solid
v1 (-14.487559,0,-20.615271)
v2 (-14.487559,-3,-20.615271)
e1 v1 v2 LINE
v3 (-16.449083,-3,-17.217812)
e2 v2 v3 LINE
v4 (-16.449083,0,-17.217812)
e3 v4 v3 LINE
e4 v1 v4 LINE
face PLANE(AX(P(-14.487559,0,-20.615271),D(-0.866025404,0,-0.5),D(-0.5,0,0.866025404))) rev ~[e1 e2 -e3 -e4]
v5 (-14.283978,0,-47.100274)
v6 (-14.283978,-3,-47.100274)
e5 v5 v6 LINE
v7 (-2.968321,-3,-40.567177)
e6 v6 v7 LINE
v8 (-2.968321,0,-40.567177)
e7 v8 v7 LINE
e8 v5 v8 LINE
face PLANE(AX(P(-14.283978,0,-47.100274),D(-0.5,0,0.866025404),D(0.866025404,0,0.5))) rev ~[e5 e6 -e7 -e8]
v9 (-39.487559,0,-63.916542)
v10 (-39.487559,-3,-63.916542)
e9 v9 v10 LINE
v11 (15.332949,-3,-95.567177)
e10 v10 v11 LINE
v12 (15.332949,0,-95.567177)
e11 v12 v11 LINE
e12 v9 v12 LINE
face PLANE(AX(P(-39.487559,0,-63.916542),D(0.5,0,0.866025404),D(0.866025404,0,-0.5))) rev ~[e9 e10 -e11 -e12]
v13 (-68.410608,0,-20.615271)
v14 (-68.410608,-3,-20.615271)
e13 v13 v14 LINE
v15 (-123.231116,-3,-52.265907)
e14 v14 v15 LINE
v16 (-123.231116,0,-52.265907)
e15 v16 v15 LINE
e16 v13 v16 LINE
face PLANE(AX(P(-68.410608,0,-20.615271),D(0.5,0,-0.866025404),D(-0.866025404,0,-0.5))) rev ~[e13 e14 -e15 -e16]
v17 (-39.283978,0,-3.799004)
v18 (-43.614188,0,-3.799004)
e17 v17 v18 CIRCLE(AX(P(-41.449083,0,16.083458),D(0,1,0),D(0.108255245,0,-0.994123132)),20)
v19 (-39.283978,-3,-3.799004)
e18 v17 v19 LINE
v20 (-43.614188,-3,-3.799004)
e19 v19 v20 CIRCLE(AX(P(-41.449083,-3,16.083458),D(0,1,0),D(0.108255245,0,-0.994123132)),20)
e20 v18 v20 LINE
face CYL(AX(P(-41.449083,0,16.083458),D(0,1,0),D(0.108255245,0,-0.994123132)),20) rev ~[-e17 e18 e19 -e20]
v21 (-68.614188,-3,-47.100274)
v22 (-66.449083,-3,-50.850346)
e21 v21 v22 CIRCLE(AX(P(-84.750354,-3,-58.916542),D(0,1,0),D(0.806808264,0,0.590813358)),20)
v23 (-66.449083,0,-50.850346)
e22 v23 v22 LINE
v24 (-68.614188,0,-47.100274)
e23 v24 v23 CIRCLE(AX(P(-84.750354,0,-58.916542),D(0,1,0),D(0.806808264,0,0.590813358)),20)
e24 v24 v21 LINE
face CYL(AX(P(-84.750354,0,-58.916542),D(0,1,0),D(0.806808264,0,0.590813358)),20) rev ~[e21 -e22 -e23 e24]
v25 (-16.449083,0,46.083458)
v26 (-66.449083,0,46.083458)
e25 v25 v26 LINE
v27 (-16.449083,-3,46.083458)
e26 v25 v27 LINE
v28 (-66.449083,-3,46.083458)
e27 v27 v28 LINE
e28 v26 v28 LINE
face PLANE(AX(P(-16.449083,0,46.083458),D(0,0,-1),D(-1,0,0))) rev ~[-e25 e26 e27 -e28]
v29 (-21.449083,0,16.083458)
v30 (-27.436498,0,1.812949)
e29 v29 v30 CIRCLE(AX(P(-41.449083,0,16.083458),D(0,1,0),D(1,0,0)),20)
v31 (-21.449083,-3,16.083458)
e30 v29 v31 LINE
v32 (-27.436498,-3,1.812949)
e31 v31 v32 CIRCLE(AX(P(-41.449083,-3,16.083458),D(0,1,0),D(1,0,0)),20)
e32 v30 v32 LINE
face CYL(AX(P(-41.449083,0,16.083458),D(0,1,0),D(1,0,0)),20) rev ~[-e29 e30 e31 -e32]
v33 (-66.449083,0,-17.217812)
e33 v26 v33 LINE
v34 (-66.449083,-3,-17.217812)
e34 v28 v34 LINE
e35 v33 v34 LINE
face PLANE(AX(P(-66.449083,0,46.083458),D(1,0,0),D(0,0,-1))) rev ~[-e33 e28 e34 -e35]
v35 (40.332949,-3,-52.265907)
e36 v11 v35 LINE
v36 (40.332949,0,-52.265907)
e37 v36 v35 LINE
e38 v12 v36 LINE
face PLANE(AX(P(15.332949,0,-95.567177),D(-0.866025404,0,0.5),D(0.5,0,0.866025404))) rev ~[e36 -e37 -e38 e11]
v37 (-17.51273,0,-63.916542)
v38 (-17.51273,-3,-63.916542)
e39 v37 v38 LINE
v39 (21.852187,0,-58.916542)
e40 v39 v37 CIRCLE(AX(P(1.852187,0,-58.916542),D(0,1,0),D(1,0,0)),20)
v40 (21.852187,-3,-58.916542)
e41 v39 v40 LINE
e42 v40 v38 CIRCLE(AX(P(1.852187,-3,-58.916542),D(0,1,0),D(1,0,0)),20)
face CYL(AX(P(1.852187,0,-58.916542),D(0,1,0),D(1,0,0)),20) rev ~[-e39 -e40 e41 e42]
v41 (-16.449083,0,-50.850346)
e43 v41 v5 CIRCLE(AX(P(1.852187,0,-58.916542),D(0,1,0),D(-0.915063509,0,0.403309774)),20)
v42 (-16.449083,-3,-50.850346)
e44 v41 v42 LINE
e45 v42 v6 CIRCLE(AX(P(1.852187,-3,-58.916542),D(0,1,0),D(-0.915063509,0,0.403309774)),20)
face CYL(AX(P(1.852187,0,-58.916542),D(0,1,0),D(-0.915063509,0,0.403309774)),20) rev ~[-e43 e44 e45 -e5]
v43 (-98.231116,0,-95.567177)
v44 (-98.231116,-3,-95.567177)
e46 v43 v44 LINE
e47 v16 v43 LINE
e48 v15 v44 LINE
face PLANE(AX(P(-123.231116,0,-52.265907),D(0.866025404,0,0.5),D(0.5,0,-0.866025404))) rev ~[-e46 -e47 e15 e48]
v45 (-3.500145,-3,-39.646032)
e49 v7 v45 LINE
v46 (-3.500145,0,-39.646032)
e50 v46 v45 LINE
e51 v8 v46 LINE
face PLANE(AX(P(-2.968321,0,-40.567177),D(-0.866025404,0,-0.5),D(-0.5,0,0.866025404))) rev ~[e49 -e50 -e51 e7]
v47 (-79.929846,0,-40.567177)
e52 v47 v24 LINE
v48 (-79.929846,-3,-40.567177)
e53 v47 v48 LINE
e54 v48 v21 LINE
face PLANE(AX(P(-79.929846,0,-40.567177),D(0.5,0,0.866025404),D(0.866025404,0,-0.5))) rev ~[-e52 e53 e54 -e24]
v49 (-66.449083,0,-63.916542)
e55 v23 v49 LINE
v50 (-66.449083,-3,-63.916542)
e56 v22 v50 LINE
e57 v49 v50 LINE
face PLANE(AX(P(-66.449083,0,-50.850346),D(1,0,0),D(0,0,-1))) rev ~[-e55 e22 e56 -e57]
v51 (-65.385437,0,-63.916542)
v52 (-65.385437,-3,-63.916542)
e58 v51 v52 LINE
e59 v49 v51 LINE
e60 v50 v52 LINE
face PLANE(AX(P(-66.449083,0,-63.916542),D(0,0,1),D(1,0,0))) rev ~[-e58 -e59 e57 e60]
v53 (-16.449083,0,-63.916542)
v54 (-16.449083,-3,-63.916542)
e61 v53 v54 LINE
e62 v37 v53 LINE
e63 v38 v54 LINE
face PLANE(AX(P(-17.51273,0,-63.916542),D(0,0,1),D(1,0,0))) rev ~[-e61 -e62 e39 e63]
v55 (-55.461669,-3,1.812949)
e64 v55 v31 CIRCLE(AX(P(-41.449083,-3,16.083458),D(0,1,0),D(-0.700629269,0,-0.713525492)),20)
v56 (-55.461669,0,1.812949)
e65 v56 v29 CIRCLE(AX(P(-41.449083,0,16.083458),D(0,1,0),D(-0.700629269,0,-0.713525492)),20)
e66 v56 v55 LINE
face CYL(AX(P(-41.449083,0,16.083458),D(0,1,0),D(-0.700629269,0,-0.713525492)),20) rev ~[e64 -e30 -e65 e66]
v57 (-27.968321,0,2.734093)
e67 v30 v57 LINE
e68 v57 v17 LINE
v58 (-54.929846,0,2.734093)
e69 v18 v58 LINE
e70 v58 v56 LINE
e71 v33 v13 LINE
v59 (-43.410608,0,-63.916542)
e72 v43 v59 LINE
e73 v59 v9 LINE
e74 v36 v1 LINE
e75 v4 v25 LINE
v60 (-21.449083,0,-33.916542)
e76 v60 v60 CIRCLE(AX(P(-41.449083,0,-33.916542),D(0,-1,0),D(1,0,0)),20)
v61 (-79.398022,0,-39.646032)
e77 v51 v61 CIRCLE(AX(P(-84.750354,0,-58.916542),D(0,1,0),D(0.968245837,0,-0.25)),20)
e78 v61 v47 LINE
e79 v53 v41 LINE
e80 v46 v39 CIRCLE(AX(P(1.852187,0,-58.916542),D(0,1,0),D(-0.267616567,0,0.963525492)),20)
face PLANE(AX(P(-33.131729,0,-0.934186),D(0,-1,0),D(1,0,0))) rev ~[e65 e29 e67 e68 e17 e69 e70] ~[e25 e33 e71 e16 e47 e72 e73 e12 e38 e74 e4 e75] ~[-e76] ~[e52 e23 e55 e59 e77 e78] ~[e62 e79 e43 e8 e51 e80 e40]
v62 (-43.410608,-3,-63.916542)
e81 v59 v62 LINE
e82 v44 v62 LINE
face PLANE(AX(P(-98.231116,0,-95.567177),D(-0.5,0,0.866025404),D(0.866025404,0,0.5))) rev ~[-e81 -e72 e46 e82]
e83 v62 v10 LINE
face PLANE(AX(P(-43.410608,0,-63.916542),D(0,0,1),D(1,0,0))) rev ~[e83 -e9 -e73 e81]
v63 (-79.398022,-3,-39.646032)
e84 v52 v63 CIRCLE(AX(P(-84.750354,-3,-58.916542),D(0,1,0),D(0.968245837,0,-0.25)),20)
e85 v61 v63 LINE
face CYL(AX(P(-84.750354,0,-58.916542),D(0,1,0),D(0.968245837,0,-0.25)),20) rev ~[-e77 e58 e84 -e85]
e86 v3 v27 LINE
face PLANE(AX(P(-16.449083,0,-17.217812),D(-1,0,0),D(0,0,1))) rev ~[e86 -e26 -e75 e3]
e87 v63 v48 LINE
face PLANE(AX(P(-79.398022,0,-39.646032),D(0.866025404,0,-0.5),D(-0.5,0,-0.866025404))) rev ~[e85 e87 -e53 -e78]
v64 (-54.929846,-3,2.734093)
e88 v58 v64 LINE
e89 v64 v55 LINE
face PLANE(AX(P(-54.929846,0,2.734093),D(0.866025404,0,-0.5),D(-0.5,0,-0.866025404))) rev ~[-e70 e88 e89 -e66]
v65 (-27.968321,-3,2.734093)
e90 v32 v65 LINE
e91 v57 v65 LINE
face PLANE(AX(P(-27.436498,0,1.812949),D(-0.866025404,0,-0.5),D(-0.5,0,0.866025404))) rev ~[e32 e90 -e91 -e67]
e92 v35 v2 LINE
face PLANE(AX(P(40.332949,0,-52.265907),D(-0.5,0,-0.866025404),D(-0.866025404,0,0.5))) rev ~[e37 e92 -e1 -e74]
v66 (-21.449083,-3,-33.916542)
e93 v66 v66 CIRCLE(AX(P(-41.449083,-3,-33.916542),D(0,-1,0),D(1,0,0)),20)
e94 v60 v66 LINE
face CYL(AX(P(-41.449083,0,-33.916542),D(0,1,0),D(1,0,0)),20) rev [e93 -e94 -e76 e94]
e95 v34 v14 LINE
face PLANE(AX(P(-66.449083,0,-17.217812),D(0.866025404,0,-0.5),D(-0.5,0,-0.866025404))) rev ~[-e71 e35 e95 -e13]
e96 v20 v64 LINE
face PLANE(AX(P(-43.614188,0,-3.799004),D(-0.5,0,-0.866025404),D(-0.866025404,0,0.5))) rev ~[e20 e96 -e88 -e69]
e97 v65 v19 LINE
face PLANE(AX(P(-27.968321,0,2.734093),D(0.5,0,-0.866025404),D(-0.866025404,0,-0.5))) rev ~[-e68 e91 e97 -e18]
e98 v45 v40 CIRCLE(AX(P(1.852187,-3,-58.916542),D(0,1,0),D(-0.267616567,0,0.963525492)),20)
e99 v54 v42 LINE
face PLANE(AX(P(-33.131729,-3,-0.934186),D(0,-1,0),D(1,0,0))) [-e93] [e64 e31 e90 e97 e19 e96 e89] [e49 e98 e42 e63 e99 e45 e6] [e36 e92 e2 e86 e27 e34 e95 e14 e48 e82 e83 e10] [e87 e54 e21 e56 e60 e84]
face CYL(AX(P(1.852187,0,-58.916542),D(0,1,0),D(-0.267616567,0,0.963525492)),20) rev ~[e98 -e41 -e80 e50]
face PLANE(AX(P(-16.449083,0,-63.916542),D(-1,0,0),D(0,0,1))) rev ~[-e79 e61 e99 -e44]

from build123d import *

# Parameters (mm, degrees)
F0_R     = 20
F1_DEPTH = 3


with BuildPart() as f1:
    # F0 (on Front) → F1 (new body)
    with BuildSketch(Plane.XZ):
        with BuildLine():
            ThreePointArc((-39.2839784876, -3.7990042795), (-32.8873709815, -1.9913052768), (-27.4364980034, 1.8129485328))
            Line((-27.4364980034, 1.8129485328), (-27.9683212743, 2.7340934586))
            Line((-27.9683212743, 2.7340934586), (-39.2839784876, -3.7990042795))
        make_face()
        with BuildLine():
            Line((-2.9683212743, -40.5671767306), (-3.5001445452, -39.6460318047))
            ThreePointArc((-3.5001445452, -39.6460318047), (-9.5201614758, -42.4644993718), (-14.2839784876, -47.1002744687))
            Line((-14.2839784876, -47.1002744687), (-2.9683212743, -40.5671767306))
        make_face()
        with BuildLine():
            Line((-16.4490833879, -17.2178118252), (-27.4364980034, 1.8129485328))
            ThreePointArc((-27.4364980034, 1.8129485328), (-32.8873709815, -1.9913052768), (-39.2839784876, -3.7990042795))
            Line((-39.2839784876, -3.7990042795), (-41.4490833879, -5.0490281765))
            Line((-41.4490833879, -5.0490281765), (-16.4490833879, -19.4827849062))
            Line((-16.4490833879, -19.4827849062), (-16.4490833879, -17.2178118252))
        make_face()
        with BuildLine():
            Line((-16.4490833879, -50.8503461597), (-16.4490833879, -48.3502983657))
            Line((-16.4490833879, -48.3502983657), (-41.4490833879, -62.7840550955))
            Line((-41.4490833879, -62.7840550955), (-39.4875591608, -63.916541636))
            Line((-39.4875591608, -63.916541636), (-17.5127299297, -63.916541636))
            ThreePointArc((-17.5127299297, -63.916541636), (-18.0818738821, -57.2938202594), (-16.4490833879, -50.8503461597))
        make_face()
        with BuildLine():
            Line((-14.2839784876, -47.1002744687), (-16.4490833879, -48.3502983657))
            Line((-16.4490833879, -48.3502983657), (-16.4490833879, -50.8503461597))
            ThreePointArc((-16.4490833879, -50.8503461597), (-15.4683212743, -48.916541636), (-14.2839784876, -47.1002744687))
        make_face()
        with BuildLine():
            Line((-14.4875591608, -20.6152714468), (-16.4490833879, -19.4827849062))
            Line((-16.4490833879, -19.4827849062), (-16.4490833879, -48.3502983657))
            Line((-16.4490833879, -48.3502983657), (-14.2839784876, -47.1002744687))
            ThreePointArc((-14.2839784876, -47.1002744687), (-9.5201614758, -42.4644993718), (-3.5001445452, -39.6460318047))
            Line((-3.5001445452, -39.6460318047), (-14.4875591608, -20.6152714468))
        make_face()
        with BuildLine():
            Line((-16.4490833879, -63.916541636), (-16.4490833879, -50.8503461597))
            ThreePointArc((-16.4490833879, -50.8503461597), (-18.0818738821, -57.2938202594), (-17.5127299297, -63.916541636))
            Line((-17.5127299297, -63.916541636), (-16.4490833879, -63.916541636))
        make_face()
        Polygon((-14.4875591608, -20.6152714468), (-16.4490833879, -17.2178118252), (-16.4490833879, -19.4827849062), align=None)
        with BuildLine():
            ThreePointArc((-55.4616687723, 1.8129485328), (-49.186921985, 34.5259596544), (-21.4490833879, 16.083458364))
            ThreePointArc((-21.4490833879, 16.083458364), (-23.0065820975, 8.3456197669), (-27.4364980034, 1.8129485328))
            Line((-27.4364980034, 1.8129485328), (-16.4490833879, -17.2178118252))
            Line((-16.4490833879, -17.2178118252), (-16.4490833879, 46.083458364))
            Line((-16.4490833879, 46.083458364), (-66.4490833879, 46.083458364))
            Line((-66.4490833879, 46.083458364), (-66.4490833879, -17.2178118252))
            Line((-66.4490833879, -17.2178118252), (-55.4616687723, 1.8129485328))
        make_face()
        with BuildLine():
            Line((-79.3980222305, -39.6460318047), (-68.4106076149, -20.6152714468))
            Line((-68.4106076149, -20.6152714468), (-123.2311156906, -52.2659065414))
            Line((-123.2311156906, -52.2659065414), (-98.2311156906, -95.5671767306))
            Line((-98.2311156906, -95.5671767306), (-43.4106076149, -63.916541636))
            Line((-43.4106076149, -63.916541636), (-65.385436846, -63.916541636))
            ThreePointArc((-65.385436846, -63.916541636), (-102.0708616528, -68.916541636), (-79.3980222305, -39.6460318047))
        make_face()
        with BuildLine():
            Line((40.3329489149, -52.2659065414), (-14.4875591608, -20.6152714468))
            Line((-14.4875591608, -20.6152714468), (-3.5001445452, -39.6460318047))
            ThreePointArc((-3.5001445452, -39.6460318047), (13.9549421296, -42.9941261953), (21.8521868014, -58.916541636))
            ThreePointArc((21.8521868014, -58.916541636), (4.372272651, -78.7571355613), (-17.5127299297, -63.916541636))
            Line((-17.5127299297, -63.916541636), (-39.4875591608, -63.916541636))
            Line((-39.4875591608, -63.916541636), (15.3329489149, -95.5671767306))
            Line((15.3329489149, -95.5671767306), (40.3329489149, -52.2659065414))
        make_face()
        with BuildLine():
            Line((-41.4490833879, -62.7840550955), (-66.4490833879, -48.3502983657))
            Line((-66.4490833879, -48.3502983657), (-66.4490833879, -50.8503461597))
            ThreePointArc((-66.4490833879, -50.8503461597), (-65.1796432708, -54.7949766289), (-64.7503535771, -58.916541636))
            ThreePointArc((-64.7503535771, -58.916541636), (-64.9097596517, -61.4366274856), (-65.385436846, -63.916541636))
            Line((-65.385436846, -63.916541636), (-43.4106076149, -63.916541636))
            Line((-43.4106076149, -63.916541636), (-41.4490833879, -62.7840550955))
        make_face()
        with BuildLine():
            Line((-66.4490833879, -48.3502983657), (-66.4490833879, -19.4827849062))
            Line((-66.4490833879, -19.4827849062), (-68.4106076149, -20.6152714468))
            Line((-68.4106076149, -20.6152714468), (-79.3980222305, -39.6460318047))
            ThreePointArc((-79.3980222305, -39.6460318047), (-73.3780052999, -42.4644993718), (-68.6141882881, -47.1002744687))
            Line((-68.6141882881, -47.1002744687), (-66.4490833879, -48.3502983657))
        make_face()
        with BuildLine():
            ThreePointArc((-43.6141882881, -3.7990042795), (-50.0107957942, -1.9913052768), (-55.4616687723, 1.8129485328))
            Line((-55.4616687723, 1.8129485328), (-66.4490833879, -17.2178118252))
            Line((-66.4490833879, -17.2178118252), (-66.4490833879, -19.4827849062))
            Line((-66.4490833879, -19.4827849062), (-41.4490833879, -5.0490281765))
            Line((-41.4490833879, -5.0490281765), (-43.6141882881, -3.7990042795))
        make_face()
        Polygon((-16.4490833879, -19.4827849062), (-41.4490833879, -5.0490281765), (-66.4490833879, -19.4827849062), (-66.4490833879, -48.3502983657), (-41.4490833879, -62.7840550955), (-16.4490833879, -48.3502983657), align=None)
        with Locations((-41.4490833879, -33.916541636)):
            Circle(F0_R, mode=Mode.SUBTRACT)
        with BuildLine():
            ThreePointArc((-64.7503535771, -58.916541636), (-65.1796432708, -54.7949766289), (-66.4490833879, -50.8503461597))
            Line((-66.4490833879, -50.8503461597), (-66.4490833879, -63.916541636))
            Line((-66.4490833879, -63.916541636), (-65.385436846, -63.916541636))
            ThreePointArc((-65.385436846, -63.916541636), (-64.9097596517, -61.4366274856), (-64.7503535771, -58.916541636))
        make_face()
        Polygon((-39.4875591608, -63.916541636), (-41.4490833879, -62.7840550955), (-43.4106076149, -63.916541636), align=None)
        Polygon((-66.4490833879, -19.4827849062), (-66.4490833879, -17.2178118252), (-68.4106076149, -20.6152714468), align=None)
        with BuildLine():
            ThreePointArc((-68.6141882881, -47.1002744687), (-73.3780052999, -42.4644993718), (-79.3980222305, -39.6460318047))
            Line((-79.3980222305, -39.6460318047), (-79.9298455014, -40.5671767306))
            Line((-79.9298455014, -40.5671767306), (-68.6141882881, -47.1002744687))
        make_face()
        with BuildLine():
            ThreePointArc((-39.2839784876, -3.7990042795), (-41.4490833879, -3.916541636), (-43.6141882881, -3.7990042795))
            Line((-43.6141882881, -3.7990042795), (-41.4490833879, -5.0490281765))
            Line((-41.4490833879, -5.0490281765), (-39.2839784876, -3.7990042795))
        make_face()
        with BuildLine():
            Line((-66.4490833879, -50.8503461597), (-66.4490833879, -48.3502983657))
            Line((-66.4490833879, -48.3502983657), (-68.6141882881, -47.1002744687))
            ThreePointArc((-68.6141882881, -47.1002744687), (-67.4298455014, -48.916541636), (-66.4490833879, -50.8503461597))
        make_face()
        with BuildLine():
            Line((-54.9298455014, 2.7340934586), (-55.4616687723, 1.8129485328))
            ThreePointArc((-55.4616687723, 1.8129485328), (-50.0107957942, -1.9913052768), (-43.6141882881, -3.7990042795))
            Line((-43.6141882881, -3.7990042795), (-54.9298455014, 2.7340934586))
        make_face()
    extrude(amount=F1_DEPTH)


solid = f1.part
